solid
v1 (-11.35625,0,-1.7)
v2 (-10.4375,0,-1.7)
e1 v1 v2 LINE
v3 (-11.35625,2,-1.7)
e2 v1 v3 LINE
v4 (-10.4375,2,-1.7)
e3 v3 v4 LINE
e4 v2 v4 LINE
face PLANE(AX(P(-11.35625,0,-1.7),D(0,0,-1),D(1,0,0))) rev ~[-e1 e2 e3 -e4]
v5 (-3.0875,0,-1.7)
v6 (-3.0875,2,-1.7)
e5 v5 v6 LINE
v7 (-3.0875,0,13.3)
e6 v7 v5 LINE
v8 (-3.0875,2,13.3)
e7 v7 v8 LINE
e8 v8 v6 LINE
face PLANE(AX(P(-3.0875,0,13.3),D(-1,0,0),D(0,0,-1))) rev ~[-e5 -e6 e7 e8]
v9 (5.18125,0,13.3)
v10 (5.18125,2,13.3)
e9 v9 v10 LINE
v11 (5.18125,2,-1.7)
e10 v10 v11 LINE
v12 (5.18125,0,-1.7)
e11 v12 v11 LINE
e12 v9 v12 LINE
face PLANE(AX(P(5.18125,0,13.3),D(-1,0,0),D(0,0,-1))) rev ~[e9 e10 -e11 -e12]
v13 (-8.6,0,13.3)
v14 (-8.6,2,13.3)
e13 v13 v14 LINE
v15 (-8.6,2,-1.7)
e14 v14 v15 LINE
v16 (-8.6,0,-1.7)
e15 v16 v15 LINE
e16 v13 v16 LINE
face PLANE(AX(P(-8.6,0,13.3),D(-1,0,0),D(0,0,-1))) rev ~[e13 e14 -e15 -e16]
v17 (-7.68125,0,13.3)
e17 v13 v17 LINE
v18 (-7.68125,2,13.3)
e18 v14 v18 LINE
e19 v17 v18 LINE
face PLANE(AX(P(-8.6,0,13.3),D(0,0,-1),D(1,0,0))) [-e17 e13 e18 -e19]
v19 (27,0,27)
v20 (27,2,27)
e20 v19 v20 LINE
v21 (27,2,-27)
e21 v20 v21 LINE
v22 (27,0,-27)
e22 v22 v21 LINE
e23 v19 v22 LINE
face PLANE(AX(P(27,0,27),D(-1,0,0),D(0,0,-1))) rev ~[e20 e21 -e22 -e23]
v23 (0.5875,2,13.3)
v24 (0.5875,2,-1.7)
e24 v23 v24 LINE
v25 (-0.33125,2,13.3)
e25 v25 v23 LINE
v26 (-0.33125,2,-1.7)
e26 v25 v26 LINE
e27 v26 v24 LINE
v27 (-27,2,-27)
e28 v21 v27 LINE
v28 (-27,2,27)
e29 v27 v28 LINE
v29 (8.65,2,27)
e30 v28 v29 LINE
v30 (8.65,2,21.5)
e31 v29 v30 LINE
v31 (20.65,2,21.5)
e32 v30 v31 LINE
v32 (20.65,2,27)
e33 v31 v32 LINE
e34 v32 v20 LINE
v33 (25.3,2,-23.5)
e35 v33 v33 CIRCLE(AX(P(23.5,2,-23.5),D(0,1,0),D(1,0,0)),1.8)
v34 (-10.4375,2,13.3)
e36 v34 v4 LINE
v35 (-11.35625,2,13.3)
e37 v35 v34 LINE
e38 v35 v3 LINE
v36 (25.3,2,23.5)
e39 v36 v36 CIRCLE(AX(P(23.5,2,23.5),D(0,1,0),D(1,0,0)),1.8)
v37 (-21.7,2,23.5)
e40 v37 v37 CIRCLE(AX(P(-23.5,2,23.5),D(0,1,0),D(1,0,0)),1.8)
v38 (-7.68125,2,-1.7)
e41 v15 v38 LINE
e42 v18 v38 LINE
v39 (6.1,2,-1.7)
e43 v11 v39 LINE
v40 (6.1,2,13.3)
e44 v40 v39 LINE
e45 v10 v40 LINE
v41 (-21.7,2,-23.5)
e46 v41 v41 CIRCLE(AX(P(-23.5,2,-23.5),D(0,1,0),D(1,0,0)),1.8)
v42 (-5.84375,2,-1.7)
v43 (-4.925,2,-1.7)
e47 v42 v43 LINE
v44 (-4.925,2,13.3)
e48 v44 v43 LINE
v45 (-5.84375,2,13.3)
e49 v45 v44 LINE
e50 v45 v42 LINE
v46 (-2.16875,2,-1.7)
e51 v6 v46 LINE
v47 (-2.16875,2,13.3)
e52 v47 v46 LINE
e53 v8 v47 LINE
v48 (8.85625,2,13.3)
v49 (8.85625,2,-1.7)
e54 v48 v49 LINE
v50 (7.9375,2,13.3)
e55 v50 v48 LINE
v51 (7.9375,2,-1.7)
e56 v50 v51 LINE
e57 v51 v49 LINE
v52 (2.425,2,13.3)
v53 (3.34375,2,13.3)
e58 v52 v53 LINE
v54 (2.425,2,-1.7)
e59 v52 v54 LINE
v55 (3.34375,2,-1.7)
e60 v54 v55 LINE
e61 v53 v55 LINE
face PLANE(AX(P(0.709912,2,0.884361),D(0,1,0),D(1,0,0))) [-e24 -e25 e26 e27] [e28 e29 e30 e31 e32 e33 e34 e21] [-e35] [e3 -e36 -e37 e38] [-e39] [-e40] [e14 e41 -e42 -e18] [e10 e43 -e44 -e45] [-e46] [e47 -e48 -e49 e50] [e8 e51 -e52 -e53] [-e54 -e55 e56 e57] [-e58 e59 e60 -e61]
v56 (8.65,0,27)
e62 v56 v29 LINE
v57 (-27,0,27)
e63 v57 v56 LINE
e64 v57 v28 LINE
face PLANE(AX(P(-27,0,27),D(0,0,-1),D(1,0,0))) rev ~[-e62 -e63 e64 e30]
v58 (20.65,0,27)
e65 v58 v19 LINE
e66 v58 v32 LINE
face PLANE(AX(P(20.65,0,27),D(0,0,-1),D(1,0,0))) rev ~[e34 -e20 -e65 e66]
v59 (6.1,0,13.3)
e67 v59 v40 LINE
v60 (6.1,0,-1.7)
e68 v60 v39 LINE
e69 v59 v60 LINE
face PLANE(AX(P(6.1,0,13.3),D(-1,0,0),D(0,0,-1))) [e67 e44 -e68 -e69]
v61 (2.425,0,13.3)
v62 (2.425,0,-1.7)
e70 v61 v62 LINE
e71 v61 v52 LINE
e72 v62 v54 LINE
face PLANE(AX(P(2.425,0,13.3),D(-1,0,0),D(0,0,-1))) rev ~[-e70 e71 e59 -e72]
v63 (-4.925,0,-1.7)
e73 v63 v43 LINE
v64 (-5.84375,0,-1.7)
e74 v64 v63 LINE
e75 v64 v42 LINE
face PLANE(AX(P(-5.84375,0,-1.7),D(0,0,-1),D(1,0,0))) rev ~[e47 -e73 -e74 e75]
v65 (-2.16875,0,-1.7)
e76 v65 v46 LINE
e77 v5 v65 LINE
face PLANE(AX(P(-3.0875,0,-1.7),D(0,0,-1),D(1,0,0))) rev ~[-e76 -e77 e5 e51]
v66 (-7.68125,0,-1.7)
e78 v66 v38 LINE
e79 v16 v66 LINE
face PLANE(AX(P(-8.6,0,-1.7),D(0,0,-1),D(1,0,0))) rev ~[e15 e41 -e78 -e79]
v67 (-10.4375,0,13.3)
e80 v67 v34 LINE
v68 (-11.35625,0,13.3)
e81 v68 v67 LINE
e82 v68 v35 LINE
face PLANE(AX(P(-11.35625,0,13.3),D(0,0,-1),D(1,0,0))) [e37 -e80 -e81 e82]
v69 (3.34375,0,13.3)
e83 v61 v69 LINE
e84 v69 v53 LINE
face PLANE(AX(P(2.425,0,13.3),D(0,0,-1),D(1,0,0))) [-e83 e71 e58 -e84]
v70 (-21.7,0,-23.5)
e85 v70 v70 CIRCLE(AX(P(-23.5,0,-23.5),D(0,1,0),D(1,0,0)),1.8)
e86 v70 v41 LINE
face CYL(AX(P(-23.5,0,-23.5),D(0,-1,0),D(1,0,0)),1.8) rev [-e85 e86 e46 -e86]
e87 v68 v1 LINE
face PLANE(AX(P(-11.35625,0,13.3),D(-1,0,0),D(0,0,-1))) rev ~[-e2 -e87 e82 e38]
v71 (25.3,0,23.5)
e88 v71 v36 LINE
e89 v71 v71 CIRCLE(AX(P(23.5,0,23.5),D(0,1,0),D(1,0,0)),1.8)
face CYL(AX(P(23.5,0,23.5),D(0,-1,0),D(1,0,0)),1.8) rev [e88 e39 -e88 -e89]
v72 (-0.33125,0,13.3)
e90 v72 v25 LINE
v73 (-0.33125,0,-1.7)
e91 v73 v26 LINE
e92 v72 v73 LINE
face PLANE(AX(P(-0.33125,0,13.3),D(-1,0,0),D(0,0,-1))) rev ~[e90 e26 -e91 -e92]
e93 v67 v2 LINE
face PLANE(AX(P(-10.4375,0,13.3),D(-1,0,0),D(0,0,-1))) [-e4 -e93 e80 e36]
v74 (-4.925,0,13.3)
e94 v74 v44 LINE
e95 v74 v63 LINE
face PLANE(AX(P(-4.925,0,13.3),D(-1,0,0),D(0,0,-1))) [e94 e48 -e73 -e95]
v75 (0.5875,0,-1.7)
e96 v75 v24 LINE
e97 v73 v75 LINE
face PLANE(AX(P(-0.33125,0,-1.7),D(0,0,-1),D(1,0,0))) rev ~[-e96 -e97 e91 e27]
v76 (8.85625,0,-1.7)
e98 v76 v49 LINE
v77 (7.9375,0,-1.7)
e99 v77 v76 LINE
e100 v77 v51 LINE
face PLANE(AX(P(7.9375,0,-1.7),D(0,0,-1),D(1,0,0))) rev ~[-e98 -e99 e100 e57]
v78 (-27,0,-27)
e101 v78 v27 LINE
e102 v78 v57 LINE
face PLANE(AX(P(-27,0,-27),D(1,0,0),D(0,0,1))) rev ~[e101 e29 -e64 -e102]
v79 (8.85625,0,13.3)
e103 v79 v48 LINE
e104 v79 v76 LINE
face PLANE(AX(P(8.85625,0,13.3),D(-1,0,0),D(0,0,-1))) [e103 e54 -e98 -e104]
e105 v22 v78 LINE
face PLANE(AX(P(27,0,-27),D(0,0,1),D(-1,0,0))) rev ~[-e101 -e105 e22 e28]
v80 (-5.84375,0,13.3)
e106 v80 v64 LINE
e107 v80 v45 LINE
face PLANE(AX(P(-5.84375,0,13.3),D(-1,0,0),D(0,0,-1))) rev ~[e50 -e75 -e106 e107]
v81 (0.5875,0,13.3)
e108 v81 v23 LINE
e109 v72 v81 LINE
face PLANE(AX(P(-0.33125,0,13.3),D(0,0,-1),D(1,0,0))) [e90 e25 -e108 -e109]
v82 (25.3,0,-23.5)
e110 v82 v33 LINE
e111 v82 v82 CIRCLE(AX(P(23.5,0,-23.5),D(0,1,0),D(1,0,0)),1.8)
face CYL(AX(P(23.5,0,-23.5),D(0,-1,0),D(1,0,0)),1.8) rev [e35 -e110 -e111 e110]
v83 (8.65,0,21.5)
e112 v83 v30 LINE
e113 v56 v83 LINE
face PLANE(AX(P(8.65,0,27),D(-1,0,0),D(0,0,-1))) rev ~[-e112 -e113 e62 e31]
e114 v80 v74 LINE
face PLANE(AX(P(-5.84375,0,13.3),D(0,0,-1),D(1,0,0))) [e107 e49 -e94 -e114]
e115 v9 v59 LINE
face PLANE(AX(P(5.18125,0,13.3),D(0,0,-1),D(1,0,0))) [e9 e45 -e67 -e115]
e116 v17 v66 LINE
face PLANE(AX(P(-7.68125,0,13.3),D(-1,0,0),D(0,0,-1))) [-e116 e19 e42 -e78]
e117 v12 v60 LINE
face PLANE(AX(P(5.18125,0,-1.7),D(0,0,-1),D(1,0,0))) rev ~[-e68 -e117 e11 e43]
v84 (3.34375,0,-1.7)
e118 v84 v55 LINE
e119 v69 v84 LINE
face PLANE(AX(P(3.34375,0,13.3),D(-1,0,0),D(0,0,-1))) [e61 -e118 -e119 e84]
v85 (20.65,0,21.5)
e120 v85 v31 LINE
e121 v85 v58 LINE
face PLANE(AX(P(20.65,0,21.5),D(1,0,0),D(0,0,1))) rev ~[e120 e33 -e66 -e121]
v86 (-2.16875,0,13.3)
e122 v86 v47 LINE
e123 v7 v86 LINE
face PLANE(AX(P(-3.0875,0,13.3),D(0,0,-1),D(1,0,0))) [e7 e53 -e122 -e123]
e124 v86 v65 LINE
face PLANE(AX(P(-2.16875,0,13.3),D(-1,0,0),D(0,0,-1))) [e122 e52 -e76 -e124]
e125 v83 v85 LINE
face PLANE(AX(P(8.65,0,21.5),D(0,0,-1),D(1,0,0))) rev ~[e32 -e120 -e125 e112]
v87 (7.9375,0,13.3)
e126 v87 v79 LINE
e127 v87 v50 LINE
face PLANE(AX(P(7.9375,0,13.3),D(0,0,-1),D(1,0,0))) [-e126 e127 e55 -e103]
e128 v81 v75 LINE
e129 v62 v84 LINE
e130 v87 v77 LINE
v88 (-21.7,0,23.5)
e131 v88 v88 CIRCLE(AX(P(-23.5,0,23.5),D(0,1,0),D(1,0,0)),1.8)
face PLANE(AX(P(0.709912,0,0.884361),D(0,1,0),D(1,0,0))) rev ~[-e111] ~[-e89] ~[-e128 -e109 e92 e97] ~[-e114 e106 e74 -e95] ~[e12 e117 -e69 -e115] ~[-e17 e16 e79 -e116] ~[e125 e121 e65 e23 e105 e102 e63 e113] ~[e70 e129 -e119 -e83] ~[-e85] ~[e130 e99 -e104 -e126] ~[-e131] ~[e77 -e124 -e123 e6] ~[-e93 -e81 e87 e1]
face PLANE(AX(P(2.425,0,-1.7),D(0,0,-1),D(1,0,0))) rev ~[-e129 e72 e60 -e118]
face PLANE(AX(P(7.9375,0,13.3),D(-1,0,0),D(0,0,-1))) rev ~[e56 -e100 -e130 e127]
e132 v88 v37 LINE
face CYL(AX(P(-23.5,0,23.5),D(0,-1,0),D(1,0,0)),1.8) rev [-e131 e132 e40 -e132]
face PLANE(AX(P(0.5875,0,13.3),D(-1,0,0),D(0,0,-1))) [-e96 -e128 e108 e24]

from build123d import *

# Parameters (mm, degrees)
SKETCH_3_W      = 0.91875
SKETCH_3_H      = 15
SKETCH_3_R      = 1.8
EXTRUDE_2_DEPTH = 2


with BuildPart() as part:
    # 草图3 → 凸台-拉伸2 (new body)
    with BuildSketch(Plane(origin=(0, 0, 0), x_dir=(1, 0, 0), z_dir=(0, 1, 0))):
        Polygon((8.65, -21.5), (20.65, -21.5), (20.65, -27), (27, -27), (27, 27), (-27, 27), (-27, -27), (8.65, -27), align=None)
        with Locations((-10.896875, -5.8)):
            Rectangle(SKETCH_3_W, SKETCH_3_H, mode=Mode.SUBTRACT)
        with Locations((-8.140625, -5.8)):
            Rectangle(SKETCH_3_W, SKETCH_3_H, mode=Mode.SUBTRACT)
        with Locations((-5.384375, -5.8)):
            Rectangle(SKETCH_3_W, SKETCH_3_H, mode=Mode.SUBTRACT)
        with Locations((-2.628125, -5.8)):
            Rectangle(SKETCH_3_W, SKETCH_3_H, mode=Mode.SUBTRACT)
        with Locations((0.128125, -5.8)):
            Rectangle(SKETCH_3_W, SKETCH_3_H, mode=Mode.SUBTRACT)
        with Locations((2.884375, -5.8)):
            Rectangle(SKETCH_3_W, SKETCH_3_H, mode=Mode.SUBTRACT)
        with Locations((5.640625, -5.8)):
            Rectangle(SKETCH_3_W, SKETCH_3_H, mode=Mode.SUBTRACT)
        with Locations((8.396875, -5.8)):
            Rectangle(SKETCH_3_W, SKETCH_3_H, mode=Mode.SUBTRACT)
        with Locations((23.5, 23.5)):
            Circle(SKETCH_3_R, mode=Mode.SUBTRACT)
        with Locations((23.5, -23.5)):
            Circle(SKETCH_3_R, mode=Mode.SUBTRACT)
        with Locations((-23.5, 23.5)):
            Circle(SKETCH_3_R, mode=Mode.SUBTRACT)
        with Locations((-23.5, -23.5)):
            Circle(SKETCH_3_R, mode=Mode.SUBTRACT)
    extrude(amount=EXTRUDE_2_DEPTH)


solid = part.part
